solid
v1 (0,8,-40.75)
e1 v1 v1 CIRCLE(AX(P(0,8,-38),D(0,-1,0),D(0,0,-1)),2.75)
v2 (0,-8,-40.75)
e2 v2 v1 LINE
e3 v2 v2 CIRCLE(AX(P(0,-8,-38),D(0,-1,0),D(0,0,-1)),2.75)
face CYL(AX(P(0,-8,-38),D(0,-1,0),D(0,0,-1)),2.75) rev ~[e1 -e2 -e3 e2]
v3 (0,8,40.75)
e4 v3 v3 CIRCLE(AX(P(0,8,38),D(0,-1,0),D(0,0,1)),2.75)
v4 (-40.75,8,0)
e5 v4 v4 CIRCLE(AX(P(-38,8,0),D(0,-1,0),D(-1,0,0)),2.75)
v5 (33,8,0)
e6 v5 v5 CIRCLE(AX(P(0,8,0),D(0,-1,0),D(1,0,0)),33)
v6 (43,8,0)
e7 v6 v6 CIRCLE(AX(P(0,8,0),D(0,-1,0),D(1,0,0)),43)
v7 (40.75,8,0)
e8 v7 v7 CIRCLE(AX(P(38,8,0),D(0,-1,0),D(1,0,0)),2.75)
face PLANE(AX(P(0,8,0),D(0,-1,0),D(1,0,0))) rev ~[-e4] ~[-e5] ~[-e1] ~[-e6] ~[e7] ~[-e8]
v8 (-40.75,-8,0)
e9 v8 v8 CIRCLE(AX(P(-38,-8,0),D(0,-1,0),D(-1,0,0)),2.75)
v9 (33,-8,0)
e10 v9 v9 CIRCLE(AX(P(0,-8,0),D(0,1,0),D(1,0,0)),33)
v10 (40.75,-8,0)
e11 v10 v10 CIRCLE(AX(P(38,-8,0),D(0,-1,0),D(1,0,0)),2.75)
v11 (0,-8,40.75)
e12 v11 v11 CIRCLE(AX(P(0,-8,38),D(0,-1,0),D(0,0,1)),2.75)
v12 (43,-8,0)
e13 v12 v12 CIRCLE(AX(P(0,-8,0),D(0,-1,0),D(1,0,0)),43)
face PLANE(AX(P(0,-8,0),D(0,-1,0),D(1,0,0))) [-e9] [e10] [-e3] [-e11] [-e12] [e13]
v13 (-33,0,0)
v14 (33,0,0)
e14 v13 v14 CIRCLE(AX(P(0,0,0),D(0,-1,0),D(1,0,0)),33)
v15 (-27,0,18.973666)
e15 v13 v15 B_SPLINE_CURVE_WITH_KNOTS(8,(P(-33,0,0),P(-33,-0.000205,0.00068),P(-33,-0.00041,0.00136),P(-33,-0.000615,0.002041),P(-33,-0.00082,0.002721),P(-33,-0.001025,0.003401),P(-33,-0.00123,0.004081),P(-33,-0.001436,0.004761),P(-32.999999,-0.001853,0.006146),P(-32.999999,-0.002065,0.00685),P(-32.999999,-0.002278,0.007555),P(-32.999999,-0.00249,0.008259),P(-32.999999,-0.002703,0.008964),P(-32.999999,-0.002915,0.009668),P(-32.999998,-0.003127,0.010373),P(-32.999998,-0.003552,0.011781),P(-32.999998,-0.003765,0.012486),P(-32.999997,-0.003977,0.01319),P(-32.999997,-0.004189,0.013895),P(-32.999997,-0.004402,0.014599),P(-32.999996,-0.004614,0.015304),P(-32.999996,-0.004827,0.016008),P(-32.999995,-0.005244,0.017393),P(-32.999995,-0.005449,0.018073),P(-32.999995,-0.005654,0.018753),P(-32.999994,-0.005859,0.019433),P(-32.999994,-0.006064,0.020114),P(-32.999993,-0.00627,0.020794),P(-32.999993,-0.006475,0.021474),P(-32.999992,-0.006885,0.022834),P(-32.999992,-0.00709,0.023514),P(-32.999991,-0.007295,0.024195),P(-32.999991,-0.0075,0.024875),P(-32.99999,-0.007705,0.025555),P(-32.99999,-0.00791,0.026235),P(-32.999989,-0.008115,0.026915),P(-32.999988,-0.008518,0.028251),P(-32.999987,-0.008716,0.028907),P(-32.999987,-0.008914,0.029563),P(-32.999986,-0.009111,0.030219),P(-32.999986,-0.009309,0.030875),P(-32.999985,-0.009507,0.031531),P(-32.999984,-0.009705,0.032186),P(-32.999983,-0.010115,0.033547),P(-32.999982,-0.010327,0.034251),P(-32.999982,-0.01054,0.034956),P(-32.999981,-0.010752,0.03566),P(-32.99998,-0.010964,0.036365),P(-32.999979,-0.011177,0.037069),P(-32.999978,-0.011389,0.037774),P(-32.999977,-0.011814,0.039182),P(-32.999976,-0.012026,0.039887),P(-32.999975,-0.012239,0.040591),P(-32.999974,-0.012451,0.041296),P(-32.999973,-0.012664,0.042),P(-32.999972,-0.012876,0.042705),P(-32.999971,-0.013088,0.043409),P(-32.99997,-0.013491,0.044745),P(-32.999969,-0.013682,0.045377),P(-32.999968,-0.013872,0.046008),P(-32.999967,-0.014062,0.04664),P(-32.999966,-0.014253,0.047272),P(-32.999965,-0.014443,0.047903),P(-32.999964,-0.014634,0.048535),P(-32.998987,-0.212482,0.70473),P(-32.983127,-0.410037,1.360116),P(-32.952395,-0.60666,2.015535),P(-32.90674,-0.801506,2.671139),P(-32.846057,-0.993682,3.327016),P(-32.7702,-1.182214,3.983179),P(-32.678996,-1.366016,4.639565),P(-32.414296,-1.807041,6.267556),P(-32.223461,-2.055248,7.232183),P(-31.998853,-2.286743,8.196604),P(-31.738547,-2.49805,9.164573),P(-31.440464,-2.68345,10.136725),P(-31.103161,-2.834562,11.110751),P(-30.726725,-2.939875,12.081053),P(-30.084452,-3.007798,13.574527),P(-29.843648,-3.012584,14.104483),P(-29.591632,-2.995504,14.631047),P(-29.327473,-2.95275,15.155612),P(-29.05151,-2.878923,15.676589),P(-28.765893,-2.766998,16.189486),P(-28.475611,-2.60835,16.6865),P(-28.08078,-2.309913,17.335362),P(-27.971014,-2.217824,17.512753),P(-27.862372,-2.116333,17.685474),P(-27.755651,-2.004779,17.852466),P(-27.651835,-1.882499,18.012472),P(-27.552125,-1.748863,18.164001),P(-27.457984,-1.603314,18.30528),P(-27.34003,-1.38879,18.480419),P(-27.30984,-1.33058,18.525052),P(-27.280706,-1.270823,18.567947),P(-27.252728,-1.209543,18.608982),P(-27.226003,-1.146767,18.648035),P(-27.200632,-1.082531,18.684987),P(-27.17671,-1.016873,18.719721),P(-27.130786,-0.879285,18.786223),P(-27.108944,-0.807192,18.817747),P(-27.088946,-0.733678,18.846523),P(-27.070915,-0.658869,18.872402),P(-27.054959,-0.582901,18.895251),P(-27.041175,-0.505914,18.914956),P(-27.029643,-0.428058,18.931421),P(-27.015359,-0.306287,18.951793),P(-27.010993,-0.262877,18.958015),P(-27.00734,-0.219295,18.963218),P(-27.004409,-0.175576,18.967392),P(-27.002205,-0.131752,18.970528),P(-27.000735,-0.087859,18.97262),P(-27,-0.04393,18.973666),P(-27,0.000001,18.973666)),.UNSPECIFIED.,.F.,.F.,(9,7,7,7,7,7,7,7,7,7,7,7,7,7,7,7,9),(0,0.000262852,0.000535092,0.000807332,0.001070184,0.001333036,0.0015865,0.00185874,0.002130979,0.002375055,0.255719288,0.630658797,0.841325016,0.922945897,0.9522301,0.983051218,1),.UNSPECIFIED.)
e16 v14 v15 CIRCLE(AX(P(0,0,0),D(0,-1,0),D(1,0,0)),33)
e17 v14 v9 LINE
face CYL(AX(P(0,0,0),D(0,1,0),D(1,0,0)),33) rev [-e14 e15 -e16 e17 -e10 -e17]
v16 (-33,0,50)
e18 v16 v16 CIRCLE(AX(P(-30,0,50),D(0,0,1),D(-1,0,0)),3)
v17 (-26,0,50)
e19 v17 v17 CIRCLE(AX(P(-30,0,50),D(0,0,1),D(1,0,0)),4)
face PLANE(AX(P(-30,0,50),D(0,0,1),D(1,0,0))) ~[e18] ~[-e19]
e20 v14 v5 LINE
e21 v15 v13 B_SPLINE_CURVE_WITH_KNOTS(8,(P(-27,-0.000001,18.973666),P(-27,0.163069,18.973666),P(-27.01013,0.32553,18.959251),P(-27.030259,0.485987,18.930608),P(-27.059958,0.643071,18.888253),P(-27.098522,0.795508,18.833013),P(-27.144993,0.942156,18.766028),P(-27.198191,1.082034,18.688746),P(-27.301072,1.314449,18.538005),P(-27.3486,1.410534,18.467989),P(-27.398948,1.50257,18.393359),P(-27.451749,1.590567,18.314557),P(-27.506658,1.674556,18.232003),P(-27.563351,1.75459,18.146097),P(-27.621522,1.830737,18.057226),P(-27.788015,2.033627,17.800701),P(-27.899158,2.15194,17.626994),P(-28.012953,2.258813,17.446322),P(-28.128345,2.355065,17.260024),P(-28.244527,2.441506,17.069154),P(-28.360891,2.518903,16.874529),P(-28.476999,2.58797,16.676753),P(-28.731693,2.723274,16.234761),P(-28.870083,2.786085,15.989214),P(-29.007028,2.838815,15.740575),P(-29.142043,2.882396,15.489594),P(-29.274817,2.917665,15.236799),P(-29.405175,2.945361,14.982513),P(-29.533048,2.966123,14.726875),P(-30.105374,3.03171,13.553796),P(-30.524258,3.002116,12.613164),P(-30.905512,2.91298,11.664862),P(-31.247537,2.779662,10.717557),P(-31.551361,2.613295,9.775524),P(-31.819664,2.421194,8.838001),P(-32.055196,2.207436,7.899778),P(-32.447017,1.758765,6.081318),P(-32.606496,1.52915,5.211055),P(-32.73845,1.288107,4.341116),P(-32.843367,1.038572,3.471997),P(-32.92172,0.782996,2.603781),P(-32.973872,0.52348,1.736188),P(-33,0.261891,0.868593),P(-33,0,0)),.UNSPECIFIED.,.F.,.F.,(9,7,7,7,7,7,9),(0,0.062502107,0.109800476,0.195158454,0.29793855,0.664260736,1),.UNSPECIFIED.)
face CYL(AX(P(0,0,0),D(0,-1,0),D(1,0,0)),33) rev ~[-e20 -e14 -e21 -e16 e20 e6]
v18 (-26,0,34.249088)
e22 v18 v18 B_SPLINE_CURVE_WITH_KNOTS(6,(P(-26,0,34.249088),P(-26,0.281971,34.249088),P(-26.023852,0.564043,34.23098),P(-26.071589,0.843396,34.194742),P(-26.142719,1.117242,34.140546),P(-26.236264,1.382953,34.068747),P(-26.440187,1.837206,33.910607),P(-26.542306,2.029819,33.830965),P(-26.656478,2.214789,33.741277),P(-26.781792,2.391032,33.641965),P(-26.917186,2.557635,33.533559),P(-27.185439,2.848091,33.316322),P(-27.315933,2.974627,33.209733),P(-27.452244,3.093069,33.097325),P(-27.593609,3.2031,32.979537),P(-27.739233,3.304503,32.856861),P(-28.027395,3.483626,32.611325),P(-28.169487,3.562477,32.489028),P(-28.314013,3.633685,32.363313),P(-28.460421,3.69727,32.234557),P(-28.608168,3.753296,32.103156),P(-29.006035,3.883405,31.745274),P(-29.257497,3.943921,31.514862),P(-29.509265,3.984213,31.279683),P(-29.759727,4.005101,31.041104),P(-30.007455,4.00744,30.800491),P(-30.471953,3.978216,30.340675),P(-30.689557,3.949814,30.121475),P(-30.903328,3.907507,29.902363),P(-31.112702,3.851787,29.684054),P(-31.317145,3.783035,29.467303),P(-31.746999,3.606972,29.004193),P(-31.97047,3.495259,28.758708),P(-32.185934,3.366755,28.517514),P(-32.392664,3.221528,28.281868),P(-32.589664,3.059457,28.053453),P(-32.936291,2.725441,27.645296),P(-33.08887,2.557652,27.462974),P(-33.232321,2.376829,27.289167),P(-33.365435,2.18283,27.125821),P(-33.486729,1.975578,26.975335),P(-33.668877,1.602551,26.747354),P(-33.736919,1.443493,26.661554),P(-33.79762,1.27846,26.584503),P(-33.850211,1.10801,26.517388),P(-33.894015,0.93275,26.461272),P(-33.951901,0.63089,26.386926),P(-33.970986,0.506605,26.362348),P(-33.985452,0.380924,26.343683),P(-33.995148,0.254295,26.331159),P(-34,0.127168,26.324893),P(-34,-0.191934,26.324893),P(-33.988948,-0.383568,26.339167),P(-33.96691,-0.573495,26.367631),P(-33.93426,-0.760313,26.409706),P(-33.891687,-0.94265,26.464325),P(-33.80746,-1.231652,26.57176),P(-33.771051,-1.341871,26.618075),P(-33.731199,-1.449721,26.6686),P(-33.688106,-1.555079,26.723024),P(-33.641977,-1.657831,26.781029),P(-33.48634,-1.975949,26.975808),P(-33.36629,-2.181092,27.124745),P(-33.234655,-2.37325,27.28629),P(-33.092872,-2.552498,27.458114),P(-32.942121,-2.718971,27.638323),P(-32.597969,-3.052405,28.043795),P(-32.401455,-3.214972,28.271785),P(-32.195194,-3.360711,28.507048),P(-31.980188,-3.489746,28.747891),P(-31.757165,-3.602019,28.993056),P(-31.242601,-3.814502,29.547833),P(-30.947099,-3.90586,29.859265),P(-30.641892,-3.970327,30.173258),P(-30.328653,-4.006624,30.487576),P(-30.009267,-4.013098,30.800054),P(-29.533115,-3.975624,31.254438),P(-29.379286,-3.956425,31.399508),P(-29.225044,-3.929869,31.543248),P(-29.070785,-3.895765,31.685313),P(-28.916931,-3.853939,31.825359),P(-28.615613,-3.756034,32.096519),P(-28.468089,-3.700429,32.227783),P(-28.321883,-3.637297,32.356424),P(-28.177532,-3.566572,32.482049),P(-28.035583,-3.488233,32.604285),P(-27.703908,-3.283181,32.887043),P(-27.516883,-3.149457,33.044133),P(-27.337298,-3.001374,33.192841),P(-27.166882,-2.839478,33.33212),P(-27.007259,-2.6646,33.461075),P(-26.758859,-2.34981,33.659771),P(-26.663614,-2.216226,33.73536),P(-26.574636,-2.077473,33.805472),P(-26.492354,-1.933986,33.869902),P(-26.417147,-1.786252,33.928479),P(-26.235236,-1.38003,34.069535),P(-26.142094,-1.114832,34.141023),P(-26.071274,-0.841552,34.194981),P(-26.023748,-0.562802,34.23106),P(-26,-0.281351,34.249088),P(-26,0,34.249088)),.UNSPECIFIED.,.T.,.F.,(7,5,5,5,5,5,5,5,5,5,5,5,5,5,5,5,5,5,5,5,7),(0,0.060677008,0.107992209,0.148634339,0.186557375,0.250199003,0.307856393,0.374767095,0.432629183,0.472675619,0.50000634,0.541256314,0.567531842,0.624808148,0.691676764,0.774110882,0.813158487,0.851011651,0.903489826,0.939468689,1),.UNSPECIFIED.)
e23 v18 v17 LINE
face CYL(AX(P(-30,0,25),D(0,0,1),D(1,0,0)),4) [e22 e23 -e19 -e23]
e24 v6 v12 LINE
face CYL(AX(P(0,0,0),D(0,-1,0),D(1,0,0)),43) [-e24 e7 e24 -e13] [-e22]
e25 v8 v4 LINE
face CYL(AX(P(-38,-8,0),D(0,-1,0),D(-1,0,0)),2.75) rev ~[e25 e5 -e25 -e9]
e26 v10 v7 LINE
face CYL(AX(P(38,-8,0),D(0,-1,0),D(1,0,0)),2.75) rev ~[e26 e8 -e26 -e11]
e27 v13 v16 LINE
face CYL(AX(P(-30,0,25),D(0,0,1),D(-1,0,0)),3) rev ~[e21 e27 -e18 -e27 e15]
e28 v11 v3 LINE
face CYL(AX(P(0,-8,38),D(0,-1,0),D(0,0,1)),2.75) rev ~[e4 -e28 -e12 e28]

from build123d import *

# Parameters (mm, degrees)
SKETCH001_R           = 43
PAD_DEPTH             = 8
SKETCH002_W           = 4
SKETCH002_H           = 50
SKETCH003_R           = 33
POCKET_DEPTH          = 8.001
POCKET_DEPTH_BACK     = 8.001
SKETCH004_W           = 3
SKETCH004_H           = 50
SKETCH013_R           = 2.75
POCKET005_DEPTH       = 271.35174
POLARPATTERN003_COUNT = 4


with BuildPart() as part:
    # Sketch001 → Pad (new body, symmetric)
    with BuildSketch(Plane.XZ):
        Circle(SKETCH001_R)
    extrude(amount=PAD_DEPTH, both=True)

    # Sketch002 → Revolution (revolve)
    with BuildSketch(Plane.XZ):
        with Locations((-28, 25)):
            Rectangle(SKETCH002_W, SKETCH002_H)
    revolve(axis=Axis((-30, 0, 40.402922), (0, 0, 1)))

    # Sketch003 → Pocket (cut, two sides)
    with BuildSketch(Plane.XZ) as pocket_sk:
        Circle(SKETCH003_R)
    extrude(amount=-POCKET_DEPTH, mode=Mode.SUBTRACT)
    extrude(pocket_sk.sketch, amount=POCKET_DEPTH_BACK, mode=Mode.SUBTRACT)

    # Sketch004 → Groove (revolve, cut)
    with BuildSketch(Plane.XZ):
        with Locations((-31.5, 25)):
            Rectangle(SKETCH004_W, SKETCH004_H)
    revolve(axis=Axis((-30, 0, 22.276785), (0, 0, 1)), mode=Mode.SUBTRACT)

    # Sketch013 (on Face4 of Groove) → Pocket005 (cut, through all)
    with BuildSketch(Plane.XZ.offset(8)):
        with Locations((38, 0)):
            Circle(SKETCH013_R)
    pocket005 = extrude(amount=-POCKET005_DEPTH, mode=Mode.SUBTRACT)

    # PolarPattern003: Pocket005 ×4 about axis
    polarpattern003_axis = Axis((0, -8, 0), (0, -1, 0))
    for i in range(1, POLARPATTERN003_COUNT):
        add(pocket005.rotate(polarpattern003_axis, i * 360 / POLARPATTERN003_COUNT), mode=Mode.SUBTRACT)


solid = part.part
